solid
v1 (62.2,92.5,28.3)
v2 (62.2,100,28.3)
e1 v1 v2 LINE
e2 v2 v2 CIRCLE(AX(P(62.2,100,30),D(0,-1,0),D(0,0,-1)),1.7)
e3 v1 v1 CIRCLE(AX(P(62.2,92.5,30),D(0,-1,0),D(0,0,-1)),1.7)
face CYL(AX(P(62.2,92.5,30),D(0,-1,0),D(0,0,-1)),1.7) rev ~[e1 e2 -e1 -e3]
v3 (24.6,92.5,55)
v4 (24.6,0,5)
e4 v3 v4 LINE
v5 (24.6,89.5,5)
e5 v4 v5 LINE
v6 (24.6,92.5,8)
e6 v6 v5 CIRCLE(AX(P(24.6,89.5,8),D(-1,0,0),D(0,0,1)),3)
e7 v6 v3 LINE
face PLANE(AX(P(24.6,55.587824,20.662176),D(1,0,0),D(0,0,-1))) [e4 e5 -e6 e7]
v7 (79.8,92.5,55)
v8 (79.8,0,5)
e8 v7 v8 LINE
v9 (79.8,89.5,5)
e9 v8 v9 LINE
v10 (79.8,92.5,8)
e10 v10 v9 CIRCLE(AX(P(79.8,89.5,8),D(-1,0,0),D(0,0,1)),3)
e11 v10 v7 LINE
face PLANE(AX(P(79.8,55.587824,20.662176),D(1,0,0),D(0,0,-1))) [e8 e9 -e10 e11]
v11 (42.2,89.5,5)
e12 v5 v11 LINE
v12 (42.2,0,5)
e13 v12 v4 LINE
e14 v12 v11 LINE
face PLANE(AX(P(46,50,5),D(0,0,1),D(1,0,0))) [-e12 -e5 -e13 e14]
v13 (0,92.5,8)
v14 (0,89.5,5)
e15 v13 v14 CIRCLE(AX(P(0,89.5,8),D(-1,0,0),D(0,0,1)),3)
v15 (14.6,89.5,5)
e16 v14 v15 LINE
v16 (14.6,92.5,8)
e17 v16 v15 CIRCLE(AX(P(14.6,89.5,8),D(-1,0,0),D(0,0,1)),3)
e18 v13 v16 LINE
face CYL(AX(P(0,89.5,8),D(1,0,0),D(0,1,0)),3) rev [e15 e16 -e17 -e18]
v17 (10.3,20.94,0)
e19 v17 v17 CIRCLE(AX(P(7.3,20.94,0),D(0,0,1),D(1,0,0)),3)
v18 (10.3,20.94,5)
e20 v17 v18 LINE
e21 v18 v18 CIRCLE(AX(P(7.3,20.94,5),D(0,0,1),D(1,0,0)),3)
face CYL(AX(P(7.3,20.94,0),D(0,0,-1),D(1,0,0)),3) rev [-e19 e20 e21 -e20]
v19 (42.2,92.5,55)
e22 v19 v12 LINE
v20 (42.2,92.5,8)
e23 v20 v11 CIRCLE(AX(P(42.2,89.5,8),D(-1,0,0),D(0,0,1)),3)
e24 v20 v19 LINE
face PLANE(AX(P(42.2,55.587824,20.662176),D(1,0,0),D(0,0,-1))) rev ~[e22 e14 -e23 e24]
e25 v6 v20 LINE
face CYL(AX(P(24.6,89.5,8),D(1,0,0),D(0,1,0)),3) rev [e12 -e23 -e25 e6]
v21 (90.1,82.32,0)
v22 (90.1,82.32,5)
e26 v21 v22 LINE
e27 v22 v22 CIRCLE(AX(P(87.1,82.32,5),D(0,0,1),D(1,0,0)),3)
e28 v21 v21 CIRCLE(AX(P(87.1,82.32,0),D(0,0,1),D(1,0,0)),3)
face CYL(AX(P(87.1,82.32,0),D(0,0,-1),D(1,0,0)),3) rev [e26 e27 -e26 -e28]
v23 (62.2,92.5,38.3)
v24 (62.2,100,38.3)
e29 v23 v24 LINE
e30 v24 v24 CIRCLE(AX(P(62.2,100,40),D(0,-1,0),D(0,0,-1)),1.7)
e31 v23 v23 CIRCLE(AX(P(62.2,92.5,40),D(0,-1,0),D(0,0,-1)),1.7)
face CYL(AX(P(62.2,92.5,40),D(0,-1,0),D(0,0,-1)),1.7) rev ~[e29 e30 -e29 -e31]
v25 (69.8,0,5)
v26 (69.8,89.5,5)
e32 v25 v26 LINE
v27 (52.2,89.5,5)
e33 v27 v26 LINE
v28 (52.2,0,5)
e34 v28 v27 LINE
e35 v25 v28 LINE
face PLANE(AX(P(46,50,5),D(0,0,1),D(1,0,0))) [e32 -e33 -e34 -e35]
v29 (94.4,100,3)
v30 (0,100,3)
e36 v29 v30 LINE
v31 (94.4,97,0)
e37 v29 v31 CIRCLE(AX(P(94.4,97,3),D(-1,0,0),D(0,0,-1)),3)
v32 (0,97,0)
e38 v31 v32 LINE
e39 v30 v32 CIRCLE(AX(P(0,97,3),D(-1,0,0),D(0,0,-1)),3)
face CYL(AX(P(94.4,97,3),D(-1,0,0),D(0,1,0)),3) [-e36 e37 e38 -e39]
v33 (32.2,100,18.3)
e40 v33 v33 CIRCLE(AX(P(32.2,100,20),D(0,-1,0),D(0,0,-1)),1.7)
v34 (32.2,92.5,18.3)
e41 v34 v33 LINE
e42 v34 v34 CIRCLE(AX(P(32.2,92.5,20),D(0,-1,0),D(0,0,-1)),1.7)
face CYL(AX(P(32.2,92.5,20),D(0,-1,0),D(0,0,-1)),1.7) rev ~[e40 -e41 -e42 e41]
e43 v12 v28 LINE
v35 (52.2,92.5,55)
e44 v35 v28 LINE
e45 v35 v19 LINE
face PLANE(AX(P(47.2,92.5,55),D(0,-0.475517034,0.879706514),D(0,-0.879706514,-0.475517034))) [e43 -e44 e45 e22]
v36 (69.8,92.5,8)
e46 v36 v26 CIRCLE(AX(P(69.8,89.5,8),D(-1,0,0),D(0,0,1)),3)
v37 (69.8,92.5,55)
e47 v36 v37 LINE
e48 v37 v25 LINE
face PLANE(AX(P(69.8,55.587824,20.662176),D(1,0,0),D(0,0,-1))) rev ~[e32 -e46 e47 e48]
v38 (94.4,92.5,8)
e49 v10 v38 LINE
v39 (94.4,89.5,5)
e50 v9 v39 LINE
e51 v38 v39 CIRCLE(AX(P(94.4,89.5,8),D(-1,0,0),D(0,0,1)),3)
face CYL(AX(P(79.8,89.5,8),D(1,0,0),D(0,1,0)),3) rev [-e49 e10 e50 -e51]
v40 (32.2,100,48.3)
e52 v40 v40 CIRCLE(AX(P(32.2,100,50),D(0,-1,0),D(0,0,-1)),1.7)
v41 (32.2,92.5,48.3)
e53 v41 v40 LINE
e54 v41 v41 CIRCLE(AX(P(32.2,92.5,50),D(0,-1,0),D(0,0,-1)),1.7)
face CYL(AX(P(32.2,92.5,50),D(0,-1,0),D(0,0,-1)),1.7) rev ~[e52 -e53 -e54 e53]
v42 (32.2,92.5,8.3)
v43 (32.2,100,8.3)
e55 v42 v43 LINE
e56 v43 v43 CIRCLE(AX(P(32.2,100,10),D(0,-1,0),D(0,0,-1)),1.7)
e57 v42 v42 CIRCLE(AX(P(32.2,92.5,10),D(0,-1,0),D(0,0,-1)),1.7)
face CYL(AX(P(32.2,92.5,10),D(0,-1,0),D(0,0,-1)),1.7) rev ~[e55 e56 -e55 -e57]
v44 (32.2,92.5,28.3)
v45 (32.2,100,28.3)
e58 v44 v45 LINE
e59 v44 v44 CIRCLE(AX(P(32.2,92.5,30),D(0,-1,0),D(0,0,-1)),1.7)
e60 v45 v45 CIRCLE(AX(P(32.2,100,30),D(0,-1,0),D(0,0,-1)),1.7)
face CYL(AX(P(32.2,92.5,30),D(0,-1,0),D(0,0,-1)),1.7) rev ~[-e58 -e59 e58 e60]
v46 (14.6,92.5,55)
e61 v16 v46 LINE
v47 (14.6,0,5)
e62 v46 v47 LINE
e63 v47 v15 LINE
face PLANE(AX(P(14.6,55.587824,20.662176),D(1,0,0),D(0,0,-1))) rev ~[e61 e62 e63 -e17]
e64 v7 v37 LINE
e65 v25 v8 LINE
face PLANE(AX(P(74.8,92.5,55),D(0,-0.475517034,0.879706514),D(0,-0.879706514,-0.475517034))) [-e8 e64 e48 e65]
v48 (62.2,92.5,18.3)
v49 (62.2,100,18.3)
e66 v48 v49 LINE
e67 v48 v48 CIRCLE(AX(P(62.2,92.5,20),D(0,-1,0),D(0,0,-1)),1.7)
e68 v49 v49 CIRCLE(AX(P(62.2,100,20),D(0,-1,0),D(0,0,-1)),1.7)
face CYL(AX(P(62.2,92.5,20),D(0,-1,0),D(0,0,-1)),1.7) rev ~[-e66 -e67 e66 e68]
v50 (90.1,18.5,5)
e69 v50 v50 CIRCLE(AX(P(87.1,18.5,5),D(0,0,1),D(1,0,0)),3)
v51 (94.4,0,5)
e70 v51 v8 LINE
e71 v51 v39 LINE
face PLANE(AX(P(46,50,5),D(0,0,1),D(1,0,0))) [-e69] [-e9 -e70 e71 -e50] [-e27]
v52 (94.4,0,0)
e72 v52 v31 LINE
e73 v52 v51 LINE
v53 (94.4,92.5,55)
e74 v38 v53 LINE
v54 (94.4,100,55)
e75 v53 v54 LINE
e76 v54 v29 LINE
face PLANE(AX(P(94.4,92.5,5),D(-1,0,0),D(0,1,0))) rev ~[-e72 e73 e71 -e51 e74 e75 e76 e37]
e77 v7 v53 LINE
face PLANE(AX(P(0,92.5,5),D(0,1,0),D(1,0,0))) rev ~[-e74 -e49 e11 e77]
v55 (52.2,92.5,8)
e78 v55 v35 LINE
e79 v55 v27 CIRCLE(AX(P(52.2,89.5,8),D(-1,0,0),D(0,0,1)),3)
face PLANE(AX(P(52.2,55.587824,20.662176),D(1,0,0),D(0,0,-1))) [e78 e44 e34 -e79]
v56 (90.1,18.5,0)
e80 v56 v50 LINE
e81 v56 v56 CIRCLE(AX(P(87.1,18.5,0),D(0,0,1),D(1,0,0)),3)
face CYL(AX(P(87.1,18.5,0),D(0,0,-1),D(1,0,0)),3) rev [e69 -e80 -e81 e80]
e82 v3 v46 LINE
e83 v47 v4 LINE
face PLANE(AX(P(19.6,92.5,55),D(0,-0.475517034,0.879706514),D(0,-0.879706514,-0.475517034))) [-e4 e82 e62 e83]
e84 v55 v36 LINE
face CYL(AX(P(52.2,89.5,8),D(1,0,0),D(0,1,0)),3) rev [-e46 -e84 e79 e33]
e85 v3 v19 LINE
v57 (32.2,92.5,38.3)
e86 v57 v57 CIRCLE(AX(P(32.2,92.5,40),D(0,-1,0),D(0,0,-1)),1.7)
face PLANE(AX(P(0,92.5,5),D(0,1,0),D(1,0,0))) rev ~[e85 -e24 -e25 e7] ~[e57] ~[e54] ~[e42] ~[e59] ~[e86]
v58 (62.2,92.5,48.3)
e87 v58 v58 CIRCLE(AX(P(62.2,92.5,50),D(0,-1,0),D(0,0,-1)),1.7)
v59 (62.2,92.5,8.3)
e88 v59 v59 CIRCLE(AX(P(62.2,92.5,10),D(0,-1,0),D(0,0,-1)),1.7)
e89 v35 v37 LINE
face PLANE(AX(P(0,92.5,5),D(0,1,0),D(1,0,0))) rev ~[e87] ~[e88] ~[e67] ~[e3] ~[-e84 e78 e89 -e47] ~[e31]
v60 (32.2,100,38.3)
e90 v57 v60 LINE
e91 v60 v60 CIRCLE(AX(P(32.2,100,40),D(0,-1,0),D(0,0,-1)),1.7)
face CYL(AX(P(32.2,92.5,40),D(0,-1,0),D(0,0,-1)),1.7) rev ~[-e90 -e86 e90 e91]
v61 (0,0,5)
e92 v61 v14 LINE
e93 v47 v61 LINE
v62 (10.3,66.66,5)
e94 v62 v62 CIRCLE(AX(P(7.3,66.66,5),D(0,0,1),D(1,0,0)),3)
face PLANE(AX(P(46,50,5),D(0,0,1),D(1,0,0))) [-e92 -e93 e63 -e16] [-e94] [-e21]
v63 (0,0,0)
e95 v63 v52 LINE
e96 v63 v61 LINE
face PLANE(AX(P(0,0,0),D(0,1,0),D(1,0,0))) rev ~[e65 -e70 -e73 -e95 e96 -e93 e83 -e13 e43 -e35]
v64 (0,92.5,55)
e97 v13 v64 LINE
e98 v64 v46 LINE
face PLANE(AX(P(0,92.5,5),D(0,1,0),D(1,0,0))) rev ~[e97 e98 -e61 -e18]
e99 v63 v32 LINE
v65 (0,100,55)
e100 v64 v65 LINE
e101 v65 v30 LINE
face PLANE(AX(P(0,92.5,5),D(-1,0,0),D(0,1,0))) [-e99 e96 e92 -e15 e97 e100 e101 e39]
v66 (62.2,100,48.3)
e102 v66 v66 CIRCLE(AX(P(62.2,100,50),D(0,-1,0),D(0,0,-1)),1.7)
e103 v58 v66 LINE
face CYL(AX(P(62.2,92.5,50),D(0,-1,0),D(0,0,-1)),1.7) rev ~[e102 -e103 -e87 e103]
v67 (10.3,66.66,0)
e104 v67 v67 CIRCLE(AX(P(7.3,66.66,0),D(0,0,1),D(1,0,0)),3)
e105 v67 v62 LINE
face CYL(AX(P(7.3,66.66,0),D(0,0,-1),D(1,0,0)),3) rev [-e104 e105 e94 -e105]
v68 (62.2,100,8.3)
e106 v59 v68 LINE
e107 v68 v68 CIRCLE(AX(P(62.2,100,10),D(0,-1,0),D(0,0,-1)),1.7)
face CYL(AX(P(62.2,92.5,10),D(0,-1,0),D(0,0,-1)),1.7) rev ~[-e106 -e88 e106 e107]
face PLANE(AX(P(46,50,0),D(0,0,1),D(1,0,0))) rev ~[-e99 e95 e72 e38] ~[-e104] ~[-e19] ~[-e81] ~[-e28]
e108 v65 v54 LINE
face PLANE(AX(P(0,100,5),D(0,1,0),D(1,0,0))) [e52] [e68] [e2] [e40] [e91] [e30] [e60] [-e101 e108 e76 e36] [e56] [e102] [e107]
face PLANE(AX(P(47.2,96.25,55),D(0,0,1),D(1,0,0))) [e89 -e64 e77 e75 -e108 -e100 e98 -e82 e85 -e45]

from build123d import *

# Parameters (mm, degrees)
SKETCH1_W           = 2.4
SKETCH1_H           = 100
SKETCH1_W_2         = 92
SKETCH1_R           = 3
BOSS_EXTRUDE1_DEPTH = 5
SKETCH2_W           = 94.4
SKETCH2_H           = 7.5
BOSS_EXTRUDE2_DEPTH = 50
BOSS_EXTRUDE3_DEPTH = 5
LPATTERN1_COUNT     = 2
LPATTERN1_PITCH     = 27.6
LPATTERN1_COL_COUNT = 2
LPATTERN1_COL_PITCH = 27.6
FILLET1_R           = 3
CUT_EXTRUDE2_REACH  = 145.152
SKETCH9_R           = 1.7


with BuildPart() as part:
    # Sketch1 → Boss-Extrude1 (new body)
    # profile 1 of 2: a face of its own
    with BuildSketch(Plane.XY):
        with Locations((93.2, 50)):
            Rectangle(SKETCH1_W, SKETCH1_H)
    # profile 2 of 2: a face of its own
    with BuildSketch(Plane.XY):
        with Locations((46, 50)):
            Rectangle(SKETCH1_W_2, SKETCH1_H)
        with Locations((7.3, 20.94)):
            Circle(SKETCH1_R, mode=Mode.SUBTRACT)
        with Locations((87.1, 18.5)):
            Circle(SKETCH1_R, mode=Mode.SUBTRACT)
        with Locations((7.3, 66.66)):
            Circle(SKETCH1_R, mode=Mode.SUBTRACT)
        with Locations((87.1, 82.32)):
            Circle(SKETCH1_R, mode=Mode.SUBTRACT)
    extrude(amount=BOSS_EXTRUDE1_DEPTH)

    # Sketch2 → Boss-Extrude2 (add)
    with BuildSketch(Plane.XY.offset(5)):
        with Locations((47.2, 96.25)):
            Rectangle(SKETCH2_W, SKETCH2_H)
    extrude(amount=BOSS_EXTRUDE2_DEPTH)

    # Sketch7 → Boss-Extrude3 (add, symmetric)
    with BuildSketch(Plane(origin=(47.2, 0, 0), x_dir=(0, 0, -1), z_dir=(1, 0, 0))):
        Polygon((-55, 92.5), (-5, 0), (-5, 92.5), align=None)
    boss_extrude3 = extrude(amount=BOSS_EXTRUDE3_DEPTH, both=True)

    # LPattern1: Boss-Extrude3 ×2
    with Locations(*[(-i * LPATTERN1_PITCH, 0, 0) for i in range(1, LPATTERN1_COUNT)]):
        add(boss_extrude3)

    # LPattern1 col: Boss-Extrude3 ×2
    with Locations(*[(i * LPATTERN1_COL_PITCH, 0, 0) for i in range(1, LPATTERN1_COL_COUNT)]):
        add(boss_extrude3)

    # Fillet1
    fillet1_edges = [part.edges().sort_by_distance(p)[0] for p in [
        (47.2, 100, 0),
        (7.3, 92.5, 5),
        (61, 92.5, 5),
        (87.1, 92.5, 5),
        (33.4, 92.5, 5),
    ]]
    fillet(fillet1_edges, radius=FILLET1_R)

    # Sketch9 → Cut-Extrude2 (cut, up to next)
    with BuildSketch(Plane.XZ.offset(-92.5), mode=Mode.PRIVATE) as cut_extrude2_sk1:
        with Locations(Location((32.2, 50, 0), (0, 0, 270))):
            Circle(SKETCH9_R)
    cut_extrude2_tool1 = extrude(cut_extrude2_sk1.sketch, amount=-CUT_EXTRUDE2_REACH, mode=Mode.PRIVATE) & part.part
    # Sketch9 → Cut-Extrude2 (cut, up to next)
    with BuildSketch(Plane.XZ.offset(-92.5), mode=Mode.PRIVATE) as cut_extrude2_sk2:
        with Locations(Location((62.2, 50, 0), (0, 0, 270))):
            Circle(SKETCH9_R)
    cut_extrude2_tool2 = extrude(cut_extrude2_sk2.sketch, amount=-CUT_EXTRUDE2_REACH, mode=Mode.PRIVATE) & part.part
    # Sketch9 → Cut-Extrude2 (cut, up to next)
    with BuildSketch(Plane.XZ.offset(-92.5), mode=Mode.PRIVATE) as cut_extrude2_sk3:
        with Locations(Location((62.2, 40, 0), (0, 0, 270))):
            Circle(SKETCH9_R)
    cut_extrude2_tool3 = extrude(cut_extrude2_sk3.sketch, amount=-CUT_EXTRUDE2_REACH, mode=Mode.PRIVATE) & part.part
    # Sketch9 → Cut-Extrude2 (cut, up to next)
    with BuildSketch(Plane.XZ.offset(-92.5), mode=Mode.PRIVATE) as cut_extrude2_sk4:
        with Locations(Location((62.2, 30, 0), (0, 0, 270))):
            Circle(SKETCH9_R)
    cut_extrude2_tool4 = extrude(cut_extrude2_sk4.sketch, amount=-CUT_EXTRUDE2_REACH, mode=Mode.PRIVATE) & part.part
    # Sketch9 → Cut-Extrude2 (cut, up to next)
    with BuildSketch(Plane.XZ.offset(-92.5), mode=Mode.PRIVATE) as cut_extrude2_sk5:
        with Locations(Location((62.2, 20, 0), (0, 0, 270))):
            Circle(SKETCH9_R)
    cut_extrude2_tool5 = extrude(cut_extrude2_sk5.sketch, amount=-CUT_EXTRUDE2_REACH, mode=Mode.PRIVATE) & part.part
    # Sketch9 → Cut-Extrude2 (cut, up to next)
    with BuildSketch(Plane.XZ.offset(-92.5), mode=Mode.PRIVATE) as cut_extrude2_sk6:
        with Locations(Location((62.2, 10, 0), (0, 0, 270))):
            Circle(SKETCH9_R)
    cut_extrude2_tool6 = extrude(cut_extrude2_sk6.sketch, amount=-CUT_EXTRUDE2_REACH, mode=Mode.PRIVATE) & part.part
    # Sketch9 → Cut-Extrude2 (cut, up to next)
    with BuildSketch(Plane.XZ.offset(-92.5), mode=Mode.PRIVATE) as cut_extrude2_sk7:
        with Locations(Location((32.2, 40, 0), (0, 0, 270))):
            Circle(SKETCH9_R)
    cut_extrude2_tool7 = extrude(cut_extrude2_sk7.sketch, amount=-CUT_EXTRUDE2_REACH, mode=Mode.PRIVATE) & part.part
    # Sketch9 → Cut-Extrude2 (cut, up to next)
    with BuildSketch(Plane.XZ.offset(-92.5), mode=Mode.PRIVATE) as cut_extrude2_sk8:
        with Locations(Location((32.2, 30, 0), (0, 0, 270))):
            Circle(SKETCH9_R)
    cut_extrude2_tool8 = extrude(cut_extrude2_sk8.sketch, amount=-CUT_EXTRUDE2_REACH, mode=Mode.PRIVATE) & part.part
    # Sketch9 → Cut-Extrude2 (cut, up to next)
    with BuildSketch(Plane.XZ.offset(-92.5), mode=Mode.PRIVATE) as cut_extrude2_sk9:
        with Locations(Location((32.2, 20, 0), (0, 0, 270))):
            Circle(SKETCH9_R)
    cut_extrude2_tool9 = extrude(cut_extrude2_sk9.sketch, amount=-CUT_EXTRUDE2_REACH, mode=Mode.PRIVATE) & part.part
    # Sketch9 → Cut-Extrude2 (cut, up to next)
    with BuildSketch(Plane.XZ.offset(-92.5), mode=Mode.PRIVATE) as cut_extrude2_sk10:
        with Locations(Location((32.2, 10, 0), (0, 0, 270))):
            Circle(SKETCH9_R)
    cut_extrude2_tool10 = extrude(cut_extrude2_sk10.sketch, amount=-CUT_EXTRUDE2_REACH, mode=Mode.PRIVATE) & part.part
    add(cut_extrude2_tool1.solids().sort_by_distance((32.2, 92.5, 50))[0], mode=Mode.SUBTRACT)
    add(cut_extrude2_tool2.solids().sort_by_distance((62.2, 92.5, 50))[0], mode=Mode.SUBTRACT)
    add(cut_extrude2_tool3.solids().sort_by_distance((62.2, 92.5, 40))[0], mode=Mode.SUBTRACT)
    add(cut_extrude2_tool4.solids().sort_by_distance((62.2, 92.5, 30))[0], mode=Mode.SUBTRACT)
    add(cut_extrude2_tool5.solids().sort_by_distance((62.2, 92.5, 20))[0], mode=Mode.SUBTRACT)
    add(cut_extrude2_tool6.solids().sort_by_distance((62.2, 92.5, 10))[0], mode=Mode.SUBTRACT)
    add(cut_extrude2_tool7.solids().sort_by_distance((32.2, 92.5, 40))[0], mode=Mode.SUBTRACT)
    add(cut_extrude2_tool8.solids().sort_by_distance((32.2, 92.5, 30))[0], mode=Mode.SUBTRACT)
    add(cut_extrude2_tool9.solids().sort_by_distance((32.2, 92.5, 20))[0], mode=Mode.SUBTRACT)
    add(cut_extrude2_tool10.solids().sort_by_distance((32.2, 92.5, 10))[0], mode=Mode.SUBTRACT)


solid = part.part
